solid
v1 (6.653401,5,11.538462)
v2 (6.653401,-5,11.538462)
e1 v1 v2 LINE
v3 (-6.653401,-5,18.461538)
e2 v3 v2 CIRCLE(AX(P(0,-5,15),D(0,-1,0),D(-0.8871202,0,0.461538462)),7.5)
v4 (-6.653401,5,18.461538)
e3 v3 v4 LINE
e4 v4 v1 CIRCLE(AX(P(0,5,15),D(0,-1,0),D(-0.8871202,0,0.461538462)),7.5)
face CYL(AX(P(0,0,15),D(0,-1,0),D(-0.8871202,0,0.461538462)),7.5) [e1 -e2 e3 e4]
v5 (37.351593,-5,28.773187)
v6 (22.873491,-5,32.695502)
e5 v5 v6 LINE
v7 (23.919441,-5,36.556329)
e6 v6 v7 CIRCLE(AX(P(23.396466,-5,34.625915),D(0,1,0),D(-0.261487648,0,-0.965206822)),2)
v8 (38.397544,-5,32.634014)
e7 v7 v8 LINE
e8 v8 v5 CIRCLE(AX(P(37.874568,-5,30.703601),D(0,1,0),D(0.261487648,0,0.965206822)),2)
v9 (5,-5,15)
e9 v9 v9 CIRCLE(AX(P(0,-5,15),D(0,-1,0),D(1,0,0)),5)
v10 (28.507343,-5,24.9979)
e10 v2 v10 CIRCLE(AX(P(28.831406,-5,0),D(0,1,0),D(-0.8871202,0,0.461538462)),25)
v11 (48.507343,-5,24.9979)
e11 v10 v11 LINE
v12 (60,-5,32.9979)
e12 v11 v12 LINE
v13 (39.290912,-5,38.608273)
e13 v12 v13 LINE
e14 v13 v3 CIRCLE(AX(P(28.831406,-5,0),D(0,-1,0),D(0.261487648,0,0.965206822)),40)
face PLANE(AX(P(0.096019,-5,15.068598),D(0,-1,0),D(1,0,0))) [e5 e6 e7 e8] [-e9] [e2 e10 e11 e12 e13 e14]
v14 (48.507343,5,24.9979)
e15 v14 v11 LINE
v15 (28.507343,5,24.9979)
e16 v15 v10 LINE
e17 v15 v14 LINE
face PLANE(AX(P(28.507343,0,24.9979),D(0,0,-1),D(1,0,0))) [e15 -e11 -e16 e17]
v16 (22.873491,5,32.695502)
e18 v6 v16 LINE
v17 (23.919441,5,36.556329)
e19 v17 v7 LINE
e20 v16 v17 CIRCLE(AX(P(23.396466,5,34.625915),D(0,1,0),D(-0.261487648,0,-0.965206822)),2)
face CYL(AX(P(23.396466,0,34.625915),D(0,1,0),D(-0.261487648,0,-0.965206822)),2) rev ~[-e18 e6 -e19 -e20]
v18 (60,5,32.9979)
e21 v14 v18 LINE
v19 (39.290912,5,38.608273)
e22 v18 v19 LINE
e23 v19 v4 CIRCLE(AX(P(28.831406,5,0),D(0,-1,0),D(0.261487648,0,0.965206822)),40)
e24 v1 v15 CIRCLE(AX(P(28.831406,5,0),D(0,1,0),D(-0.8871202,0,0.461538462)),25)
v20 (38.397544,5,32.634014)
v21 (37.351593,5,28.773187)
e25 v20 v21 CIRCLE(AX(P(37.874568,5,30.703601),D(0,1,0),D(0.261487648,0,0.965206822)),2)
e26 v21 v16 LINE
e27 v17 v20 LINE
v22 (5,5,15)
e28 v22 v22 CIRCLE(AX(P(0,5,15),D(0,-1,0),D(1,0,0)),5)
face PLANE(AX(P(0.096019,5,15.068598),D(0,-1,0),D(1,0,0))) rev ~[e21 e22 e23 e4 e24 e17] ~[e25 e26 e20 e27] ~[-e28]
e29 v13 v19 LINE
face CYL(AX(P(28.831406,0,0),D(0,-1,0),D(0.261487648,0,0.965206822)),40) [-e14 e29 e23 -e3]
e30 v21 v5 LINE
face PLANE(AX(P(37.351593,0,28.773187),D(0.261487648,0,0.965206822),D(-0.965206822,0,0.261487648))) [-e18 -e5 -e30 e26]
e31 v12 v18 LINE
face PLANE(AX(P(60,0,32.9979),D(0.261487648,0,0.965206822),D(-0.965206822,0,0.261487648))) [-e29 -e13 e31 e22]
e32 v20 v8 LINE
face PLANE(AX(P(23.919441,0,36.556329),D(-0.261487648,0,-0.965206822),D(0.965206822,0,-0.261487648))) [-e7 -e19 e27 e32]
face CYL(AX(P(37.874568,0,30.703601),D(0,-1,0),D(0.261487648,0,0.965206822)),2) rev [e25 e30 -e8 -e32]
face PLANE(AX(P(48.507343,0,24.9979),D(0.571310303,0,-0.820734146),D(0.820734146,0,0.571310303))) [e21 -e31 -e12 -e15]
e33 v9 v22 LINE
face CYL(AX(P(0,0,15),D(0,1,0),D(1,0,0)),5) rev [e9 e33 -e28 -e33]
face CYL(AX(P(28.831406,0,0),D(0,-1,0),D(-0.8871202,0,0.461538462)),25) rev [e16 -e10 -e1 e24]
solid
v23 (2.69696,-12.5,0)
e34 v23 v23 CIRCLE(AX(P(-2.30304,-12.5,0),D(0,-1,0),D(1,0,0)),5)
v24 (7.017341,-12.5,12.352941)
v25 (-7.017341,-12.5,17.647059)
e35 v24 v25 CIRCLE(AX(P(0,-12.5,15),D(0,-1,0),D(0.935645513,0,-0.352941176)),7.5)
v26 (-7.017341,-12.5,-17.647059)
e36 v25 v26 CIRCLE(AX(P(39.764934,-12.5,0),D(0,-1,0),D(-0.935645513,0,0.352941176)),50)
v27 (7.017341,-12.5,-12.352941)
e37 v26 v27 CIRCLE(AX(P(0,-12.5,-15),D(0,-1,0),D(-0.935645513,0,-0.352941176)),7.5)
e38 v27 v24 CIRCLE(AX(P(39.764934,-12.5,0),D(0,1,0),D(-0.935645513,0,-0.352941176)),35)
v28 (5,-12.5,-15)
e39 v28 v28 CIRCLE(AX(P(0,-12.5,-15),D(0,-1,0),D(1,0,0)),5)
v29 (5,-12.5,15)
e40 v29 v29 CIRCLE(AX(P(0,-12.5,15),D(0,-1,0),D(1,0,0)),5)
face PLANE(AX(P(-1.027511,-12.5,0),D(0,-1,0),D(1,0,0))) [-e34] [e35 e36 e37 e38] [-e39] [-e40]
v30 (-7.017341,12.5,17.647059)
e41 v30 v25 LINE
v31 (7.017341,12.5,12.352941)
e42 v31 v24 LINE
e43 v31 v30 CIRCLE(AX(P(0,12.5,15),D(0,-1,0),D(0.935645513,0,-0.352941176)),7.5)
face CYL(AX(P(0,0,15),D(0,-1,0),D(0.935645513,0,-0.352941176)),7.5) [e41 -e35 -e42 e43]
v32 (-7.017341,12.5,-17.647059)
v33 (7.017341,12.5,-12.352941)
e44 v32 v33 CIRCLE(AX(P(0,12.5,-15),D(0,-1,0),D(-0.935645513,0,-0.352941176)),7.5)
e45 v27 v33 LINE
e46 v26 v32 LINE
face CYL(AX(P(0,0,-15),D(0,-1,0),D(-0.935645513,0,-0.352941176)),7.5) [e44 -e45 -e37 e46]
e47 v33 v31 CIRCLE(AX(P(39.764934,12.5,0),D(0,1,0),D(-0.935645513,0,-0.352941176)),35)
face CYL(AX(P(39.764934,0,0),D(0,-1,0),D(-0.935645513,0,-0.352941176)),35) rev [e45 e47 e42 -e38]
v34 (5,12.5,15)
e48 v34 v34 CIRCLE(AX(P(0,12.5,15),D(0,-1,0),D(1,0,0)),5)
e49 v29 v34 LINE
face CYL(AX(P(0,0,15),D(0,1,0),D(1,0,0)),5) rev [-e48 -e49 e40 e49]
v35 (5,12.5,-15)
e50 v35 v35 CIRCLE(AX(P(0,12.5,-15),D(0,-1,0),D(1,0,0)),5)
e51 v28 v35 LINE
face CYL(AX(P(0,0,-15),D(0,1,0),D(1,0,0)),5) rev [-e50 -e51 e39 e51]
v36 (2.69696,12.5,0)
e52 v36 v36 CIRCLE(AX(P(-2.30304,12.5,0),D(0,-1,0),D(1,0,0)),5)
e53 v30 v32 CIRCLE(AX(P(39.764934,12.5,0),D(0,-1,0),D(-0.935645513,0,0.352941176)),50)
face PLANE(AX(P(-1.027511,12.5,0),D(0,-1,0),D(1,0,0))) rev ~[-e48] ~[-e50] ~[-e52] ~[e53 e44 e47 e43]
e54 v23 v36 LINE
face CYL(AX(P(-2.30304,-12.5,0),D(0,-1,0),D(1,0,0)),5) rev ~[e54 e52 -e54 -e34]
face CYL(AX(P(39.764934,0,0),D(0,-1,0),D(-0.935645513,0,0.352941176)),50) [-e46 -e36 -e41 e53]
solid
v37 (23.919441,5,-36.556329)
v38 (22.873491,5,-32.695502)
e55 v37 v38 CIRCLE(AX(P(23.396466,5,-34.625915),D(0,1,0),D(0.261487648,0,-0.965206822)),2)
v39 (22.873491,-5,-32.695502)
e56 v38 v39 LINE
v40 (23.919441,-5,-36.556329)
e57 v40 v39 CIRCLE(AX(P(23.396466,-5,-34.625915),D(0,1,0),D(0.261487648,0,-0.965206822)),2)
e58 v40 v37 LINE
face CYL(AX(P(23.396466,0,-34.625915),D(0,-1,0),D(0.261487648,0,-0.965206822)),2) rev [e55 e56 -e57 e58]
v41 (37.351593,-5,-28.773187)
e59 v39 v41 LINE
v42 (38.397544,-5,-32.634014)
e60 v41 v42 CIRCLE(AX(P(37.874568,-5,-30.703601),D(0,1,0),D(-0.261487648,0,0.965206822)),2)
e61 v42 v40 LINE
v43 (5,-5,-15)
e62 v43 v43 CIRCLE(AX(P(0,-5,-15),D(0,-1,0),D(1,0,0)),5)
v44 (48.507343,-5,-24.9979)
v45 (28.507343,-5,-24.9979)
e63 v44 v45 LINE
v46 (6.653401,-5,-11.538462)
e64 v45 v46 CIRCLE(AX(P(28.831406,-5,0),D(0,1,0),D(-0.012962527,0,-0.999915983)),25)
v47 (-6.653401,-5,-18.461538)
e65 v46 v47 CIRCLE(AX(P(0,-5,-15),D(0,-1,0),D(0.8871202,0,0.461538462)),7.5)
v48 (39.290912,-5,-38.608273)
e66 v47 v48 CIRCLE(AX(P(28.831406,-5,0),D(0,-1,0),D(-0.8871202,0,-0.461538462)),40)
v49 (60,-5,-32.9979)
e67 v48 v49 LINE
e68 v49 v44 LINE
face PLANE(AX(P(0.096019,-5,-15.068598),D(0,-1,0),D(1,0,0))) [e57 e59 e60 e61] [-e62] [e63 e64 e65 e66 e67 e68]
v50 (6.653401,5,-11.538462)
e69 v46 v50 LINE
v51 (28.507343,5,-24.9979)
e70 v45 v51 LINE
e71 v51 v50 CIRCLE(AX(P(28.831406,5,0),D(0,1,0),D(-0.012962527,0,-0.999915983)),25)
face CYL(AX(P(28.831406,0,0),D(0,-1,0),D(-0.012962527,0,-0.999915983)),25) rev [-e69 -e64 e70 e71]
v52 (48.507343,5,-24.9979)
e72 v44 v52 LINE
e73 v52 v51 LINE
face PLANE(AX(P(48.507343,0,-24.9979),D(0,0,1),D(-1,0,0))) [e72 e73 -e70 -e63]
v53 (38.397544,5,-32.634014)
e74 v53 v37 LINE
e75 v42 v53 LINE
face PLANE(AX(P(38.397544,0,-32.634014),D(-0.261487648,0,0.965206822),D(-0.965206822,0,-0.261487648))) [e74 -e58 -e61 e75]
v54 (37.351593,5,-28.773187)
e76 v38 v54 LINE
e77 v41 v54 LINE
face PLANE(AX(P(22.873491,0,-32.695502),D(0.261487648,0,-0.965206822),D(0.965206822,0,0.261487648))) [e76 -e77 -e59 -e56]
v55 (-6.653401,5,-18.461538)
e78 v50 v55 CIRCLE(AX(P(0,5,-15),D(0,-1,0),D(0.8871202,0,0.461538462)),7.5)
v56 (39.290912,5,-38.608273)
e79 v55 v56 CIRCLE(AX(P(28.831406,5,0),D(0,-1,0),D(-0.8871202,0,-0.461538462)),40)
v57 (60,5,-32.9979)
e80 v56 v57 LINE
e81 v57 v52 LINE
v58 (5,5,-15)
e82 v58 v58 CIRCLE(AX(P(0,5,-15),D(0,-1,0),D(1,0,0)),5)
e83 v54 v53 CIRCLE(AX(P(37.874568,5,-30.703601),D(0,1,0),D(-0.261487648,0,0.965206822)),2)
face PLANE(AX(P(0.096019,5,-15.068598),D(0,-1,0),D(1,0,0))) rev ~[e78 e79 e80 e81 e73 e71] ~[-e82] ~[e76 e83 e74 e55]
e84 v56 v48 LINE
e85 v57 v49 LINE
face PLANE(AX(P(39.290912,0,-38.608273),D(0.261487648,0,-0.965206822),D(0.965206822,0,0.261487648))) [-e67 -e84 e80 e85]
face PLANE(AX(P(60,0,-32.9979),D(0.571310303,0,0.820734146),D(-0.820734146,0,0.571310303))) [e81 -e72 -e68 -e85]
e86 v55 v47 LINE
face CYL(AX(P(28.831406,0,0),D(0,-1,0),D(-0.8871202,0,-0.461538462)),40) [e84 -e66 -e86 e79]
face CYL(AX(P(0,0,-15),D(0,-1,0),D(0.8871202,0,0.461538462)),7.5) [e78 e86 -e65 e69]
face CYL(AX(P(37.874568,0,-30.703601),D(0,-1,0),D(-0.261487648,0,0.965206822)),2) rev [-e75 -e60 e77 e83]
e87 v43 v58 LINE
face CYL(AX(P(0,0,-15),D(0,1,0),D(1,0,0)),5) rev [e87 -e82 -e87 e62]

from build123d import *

# Parameters (mm, degrees)
F0_R     = 5
F1_DEPTH = 12.5
F2_R     = 5
F3_DEPTH = 5
F4_R     = 5
F5_DEPTH = 25.001


with BuildPart() as f1:
    # F0 (on Front) → F1 (new body, symmetric)
    with BuildSketch(Plane.XZ):
        with BuildLine():
            ThreePointArc((7.0173413473, -12.3529411765), (4.7649343015, 0), (7.0173413473, 12.3529411765))
            ThreePointArc((7.0173413473, 12.3529411765), (2.6470588235, 22.0173413473), (-7.0173413473, 17.6470588235))
            ThreePointArc((-7.0173413473, 17.6470588235), (-10.2350656985, 0), (-7.0173413473, -17.6470588235))
            ThreePointArc((-7.0173413473, -17.6470588235), (2.6470588235, -22.0173413473), (7.0173413473, -12.3529411765))
        make_face()
        with Locations((0, -15)):
            Circle(F0_R, mode=Mode.SUBTRACT)
        with Locations((0, 15)):
            Circle(F0_R, mode=Mode.SUBTRACT)
    extrude(amount=F1_DEPTH, both=True)

    # F4 (on face) → F5 (cut, through all)
    with BuildSketch(Plane.XZ.offset(12.5)):
        with Locations((-2.3030399292, 0)):
            Circle(F4_R)
    extrude(amount=-F5_DEPTH, mode=Mode.SUBTRACT)


with BuildPart() as f3:
    # F2 (on Front) → F3 (new body, symmetric)
    with BuildSketch(Plane.XZ):
        with BuildLine():
            ThreePointArc((6.6534014969, 11.5384615385), (7.2852766326, 13.2182187602), (7.5, 15))
            ThreePointArc((7.5, 15), (1.7817812398, 22.2852766326), (-6.6534014969, 18.4615384615))
            ThreePointArc((-6.6534014969, 18.4615384615), (-3.4615384615, 8.3465985031), (6.6534014969, 11.5384615385))
        make_face()
        with Locations((0, 15)):
            Circle(F2_R, mode=Mode.SUBTRACT)
        with BuildLine():
            ThreePointArc((-6.6534014969, 18.4615384615), (1.7817812398, 22.2852766326), (7.5, 15))
            ThreePointArc((7.5, 15), (7.2852766326, 13.2182187602), (6.6534014969, 11.5384615385))
            ThreePointArc((6.6534014969, 11.5384615385), (15.7213002354, 21.286735637), (28.5073433164, 24.997899573))
            Line((28.5073433164, 24.997899573), (48.5073433164, 24.997899573))
            Line((48.5073433164, 24.997899573), (60, 32.997899573))
            Line((60, 32.997899573), (39.2909124051, 38.6082728951))
            ThreePointArc((39.2909124051, 38.6082728951), (12.7678090394, 36.6327836378), (-6.6534014969, 18.4615384615))
        make_face()
        with BuildLine():
            ThreePointArc((22.8734908291, 32.6955017519), (21.4660524803, 35.1488906926), (23.919441421, 36.5563290414))
            Line((23.919441421, 36.5563290414), (38.3975437566, 32.6340143221))
            ThreePointArc((38.3975437566, 32.6340143221), (39.8049821055, 30.1806253814), (37.3515931648, 28.7731870325))
            Line((37.3515931648, 28.7731870325), (22.8734908291, 32.6955017519))
        make_face(mode=Mode.SUBTRACT)
    extrude(amount=F3_DEPTH, both=True)


with BuildPart() as f3b:
    # F2 (on Front) → F3, piece 2 (new body, symmetric)
    with BuildSketch(Plane.XZ):
        with BuildLine():
            ThreePointArc((-6.6534014969, -18.4615384615), (1.7817812398, -22.2852766326), (7.5, -15))
            ThreePointArc((7.5, -15), (7.2852766326, -13.2182187602), (6.6534014969, -11.5384615385))
            ThreePointArc((6.6534014969, -11.5384615385), (-3.4615384615, -8.3465985031), (-6.6534014969, -18.4615384615))
        make_face()
        with Locations((0, -15)):
            Circle(F2_R, mode=Mode.SUBTRACT)
        with BuildLine():
            ThreePointArc((6.6534014969, -11.5384615385), (7.2852766326, -13.2182187602), (7.5, -15))
            ThreePointArc((7.5, -15), (1.7817812398, -22.2852766326), (-6.6534014969, -18.4615384615))
            ThreePointArc((-6.6534014969, -18.4615384615), (12.7678090394, -36.6327836378), (39.2909124051, -38.6082728951))
            Line((39.2909124051, -38.6082728951), (60, -32.997899573))
            Line((60, -32.997899573), (48.5073433164, -24.997899573))
            Line((48.5073433164, -24.997899573), (28.5073433164, -24.997899573))
            ThreePointArc((28.5073433164, -24.997899573), (15.7213002354, -21.286735637), (6.6534014969, -11.5384615385))
        make_face()
        with BuildLine():
            Line((22.8734908291, -32.6955017519), (37.3515931648, -28.7731870325))
            ThreePointArc((37.3515931648, -28.7731870325), (39.8049821055, -30.1806253814), (38.3975437566, -32.6340143221))
            Line((38.3975437566, -32.6340143221), (23.919441421, -36.5563290414))
            ThreePointArc((23.919441421, -36.5563290414), (21.4660524803, -35.1488906926), (22.8734908291, -32.6955017519))
        make_face(mode=Mode.SUBTRACT)
    extrude(amount=F3_DEPTH, both=True)


solid = Compound([f1.part, f3.part, f3b.part])
